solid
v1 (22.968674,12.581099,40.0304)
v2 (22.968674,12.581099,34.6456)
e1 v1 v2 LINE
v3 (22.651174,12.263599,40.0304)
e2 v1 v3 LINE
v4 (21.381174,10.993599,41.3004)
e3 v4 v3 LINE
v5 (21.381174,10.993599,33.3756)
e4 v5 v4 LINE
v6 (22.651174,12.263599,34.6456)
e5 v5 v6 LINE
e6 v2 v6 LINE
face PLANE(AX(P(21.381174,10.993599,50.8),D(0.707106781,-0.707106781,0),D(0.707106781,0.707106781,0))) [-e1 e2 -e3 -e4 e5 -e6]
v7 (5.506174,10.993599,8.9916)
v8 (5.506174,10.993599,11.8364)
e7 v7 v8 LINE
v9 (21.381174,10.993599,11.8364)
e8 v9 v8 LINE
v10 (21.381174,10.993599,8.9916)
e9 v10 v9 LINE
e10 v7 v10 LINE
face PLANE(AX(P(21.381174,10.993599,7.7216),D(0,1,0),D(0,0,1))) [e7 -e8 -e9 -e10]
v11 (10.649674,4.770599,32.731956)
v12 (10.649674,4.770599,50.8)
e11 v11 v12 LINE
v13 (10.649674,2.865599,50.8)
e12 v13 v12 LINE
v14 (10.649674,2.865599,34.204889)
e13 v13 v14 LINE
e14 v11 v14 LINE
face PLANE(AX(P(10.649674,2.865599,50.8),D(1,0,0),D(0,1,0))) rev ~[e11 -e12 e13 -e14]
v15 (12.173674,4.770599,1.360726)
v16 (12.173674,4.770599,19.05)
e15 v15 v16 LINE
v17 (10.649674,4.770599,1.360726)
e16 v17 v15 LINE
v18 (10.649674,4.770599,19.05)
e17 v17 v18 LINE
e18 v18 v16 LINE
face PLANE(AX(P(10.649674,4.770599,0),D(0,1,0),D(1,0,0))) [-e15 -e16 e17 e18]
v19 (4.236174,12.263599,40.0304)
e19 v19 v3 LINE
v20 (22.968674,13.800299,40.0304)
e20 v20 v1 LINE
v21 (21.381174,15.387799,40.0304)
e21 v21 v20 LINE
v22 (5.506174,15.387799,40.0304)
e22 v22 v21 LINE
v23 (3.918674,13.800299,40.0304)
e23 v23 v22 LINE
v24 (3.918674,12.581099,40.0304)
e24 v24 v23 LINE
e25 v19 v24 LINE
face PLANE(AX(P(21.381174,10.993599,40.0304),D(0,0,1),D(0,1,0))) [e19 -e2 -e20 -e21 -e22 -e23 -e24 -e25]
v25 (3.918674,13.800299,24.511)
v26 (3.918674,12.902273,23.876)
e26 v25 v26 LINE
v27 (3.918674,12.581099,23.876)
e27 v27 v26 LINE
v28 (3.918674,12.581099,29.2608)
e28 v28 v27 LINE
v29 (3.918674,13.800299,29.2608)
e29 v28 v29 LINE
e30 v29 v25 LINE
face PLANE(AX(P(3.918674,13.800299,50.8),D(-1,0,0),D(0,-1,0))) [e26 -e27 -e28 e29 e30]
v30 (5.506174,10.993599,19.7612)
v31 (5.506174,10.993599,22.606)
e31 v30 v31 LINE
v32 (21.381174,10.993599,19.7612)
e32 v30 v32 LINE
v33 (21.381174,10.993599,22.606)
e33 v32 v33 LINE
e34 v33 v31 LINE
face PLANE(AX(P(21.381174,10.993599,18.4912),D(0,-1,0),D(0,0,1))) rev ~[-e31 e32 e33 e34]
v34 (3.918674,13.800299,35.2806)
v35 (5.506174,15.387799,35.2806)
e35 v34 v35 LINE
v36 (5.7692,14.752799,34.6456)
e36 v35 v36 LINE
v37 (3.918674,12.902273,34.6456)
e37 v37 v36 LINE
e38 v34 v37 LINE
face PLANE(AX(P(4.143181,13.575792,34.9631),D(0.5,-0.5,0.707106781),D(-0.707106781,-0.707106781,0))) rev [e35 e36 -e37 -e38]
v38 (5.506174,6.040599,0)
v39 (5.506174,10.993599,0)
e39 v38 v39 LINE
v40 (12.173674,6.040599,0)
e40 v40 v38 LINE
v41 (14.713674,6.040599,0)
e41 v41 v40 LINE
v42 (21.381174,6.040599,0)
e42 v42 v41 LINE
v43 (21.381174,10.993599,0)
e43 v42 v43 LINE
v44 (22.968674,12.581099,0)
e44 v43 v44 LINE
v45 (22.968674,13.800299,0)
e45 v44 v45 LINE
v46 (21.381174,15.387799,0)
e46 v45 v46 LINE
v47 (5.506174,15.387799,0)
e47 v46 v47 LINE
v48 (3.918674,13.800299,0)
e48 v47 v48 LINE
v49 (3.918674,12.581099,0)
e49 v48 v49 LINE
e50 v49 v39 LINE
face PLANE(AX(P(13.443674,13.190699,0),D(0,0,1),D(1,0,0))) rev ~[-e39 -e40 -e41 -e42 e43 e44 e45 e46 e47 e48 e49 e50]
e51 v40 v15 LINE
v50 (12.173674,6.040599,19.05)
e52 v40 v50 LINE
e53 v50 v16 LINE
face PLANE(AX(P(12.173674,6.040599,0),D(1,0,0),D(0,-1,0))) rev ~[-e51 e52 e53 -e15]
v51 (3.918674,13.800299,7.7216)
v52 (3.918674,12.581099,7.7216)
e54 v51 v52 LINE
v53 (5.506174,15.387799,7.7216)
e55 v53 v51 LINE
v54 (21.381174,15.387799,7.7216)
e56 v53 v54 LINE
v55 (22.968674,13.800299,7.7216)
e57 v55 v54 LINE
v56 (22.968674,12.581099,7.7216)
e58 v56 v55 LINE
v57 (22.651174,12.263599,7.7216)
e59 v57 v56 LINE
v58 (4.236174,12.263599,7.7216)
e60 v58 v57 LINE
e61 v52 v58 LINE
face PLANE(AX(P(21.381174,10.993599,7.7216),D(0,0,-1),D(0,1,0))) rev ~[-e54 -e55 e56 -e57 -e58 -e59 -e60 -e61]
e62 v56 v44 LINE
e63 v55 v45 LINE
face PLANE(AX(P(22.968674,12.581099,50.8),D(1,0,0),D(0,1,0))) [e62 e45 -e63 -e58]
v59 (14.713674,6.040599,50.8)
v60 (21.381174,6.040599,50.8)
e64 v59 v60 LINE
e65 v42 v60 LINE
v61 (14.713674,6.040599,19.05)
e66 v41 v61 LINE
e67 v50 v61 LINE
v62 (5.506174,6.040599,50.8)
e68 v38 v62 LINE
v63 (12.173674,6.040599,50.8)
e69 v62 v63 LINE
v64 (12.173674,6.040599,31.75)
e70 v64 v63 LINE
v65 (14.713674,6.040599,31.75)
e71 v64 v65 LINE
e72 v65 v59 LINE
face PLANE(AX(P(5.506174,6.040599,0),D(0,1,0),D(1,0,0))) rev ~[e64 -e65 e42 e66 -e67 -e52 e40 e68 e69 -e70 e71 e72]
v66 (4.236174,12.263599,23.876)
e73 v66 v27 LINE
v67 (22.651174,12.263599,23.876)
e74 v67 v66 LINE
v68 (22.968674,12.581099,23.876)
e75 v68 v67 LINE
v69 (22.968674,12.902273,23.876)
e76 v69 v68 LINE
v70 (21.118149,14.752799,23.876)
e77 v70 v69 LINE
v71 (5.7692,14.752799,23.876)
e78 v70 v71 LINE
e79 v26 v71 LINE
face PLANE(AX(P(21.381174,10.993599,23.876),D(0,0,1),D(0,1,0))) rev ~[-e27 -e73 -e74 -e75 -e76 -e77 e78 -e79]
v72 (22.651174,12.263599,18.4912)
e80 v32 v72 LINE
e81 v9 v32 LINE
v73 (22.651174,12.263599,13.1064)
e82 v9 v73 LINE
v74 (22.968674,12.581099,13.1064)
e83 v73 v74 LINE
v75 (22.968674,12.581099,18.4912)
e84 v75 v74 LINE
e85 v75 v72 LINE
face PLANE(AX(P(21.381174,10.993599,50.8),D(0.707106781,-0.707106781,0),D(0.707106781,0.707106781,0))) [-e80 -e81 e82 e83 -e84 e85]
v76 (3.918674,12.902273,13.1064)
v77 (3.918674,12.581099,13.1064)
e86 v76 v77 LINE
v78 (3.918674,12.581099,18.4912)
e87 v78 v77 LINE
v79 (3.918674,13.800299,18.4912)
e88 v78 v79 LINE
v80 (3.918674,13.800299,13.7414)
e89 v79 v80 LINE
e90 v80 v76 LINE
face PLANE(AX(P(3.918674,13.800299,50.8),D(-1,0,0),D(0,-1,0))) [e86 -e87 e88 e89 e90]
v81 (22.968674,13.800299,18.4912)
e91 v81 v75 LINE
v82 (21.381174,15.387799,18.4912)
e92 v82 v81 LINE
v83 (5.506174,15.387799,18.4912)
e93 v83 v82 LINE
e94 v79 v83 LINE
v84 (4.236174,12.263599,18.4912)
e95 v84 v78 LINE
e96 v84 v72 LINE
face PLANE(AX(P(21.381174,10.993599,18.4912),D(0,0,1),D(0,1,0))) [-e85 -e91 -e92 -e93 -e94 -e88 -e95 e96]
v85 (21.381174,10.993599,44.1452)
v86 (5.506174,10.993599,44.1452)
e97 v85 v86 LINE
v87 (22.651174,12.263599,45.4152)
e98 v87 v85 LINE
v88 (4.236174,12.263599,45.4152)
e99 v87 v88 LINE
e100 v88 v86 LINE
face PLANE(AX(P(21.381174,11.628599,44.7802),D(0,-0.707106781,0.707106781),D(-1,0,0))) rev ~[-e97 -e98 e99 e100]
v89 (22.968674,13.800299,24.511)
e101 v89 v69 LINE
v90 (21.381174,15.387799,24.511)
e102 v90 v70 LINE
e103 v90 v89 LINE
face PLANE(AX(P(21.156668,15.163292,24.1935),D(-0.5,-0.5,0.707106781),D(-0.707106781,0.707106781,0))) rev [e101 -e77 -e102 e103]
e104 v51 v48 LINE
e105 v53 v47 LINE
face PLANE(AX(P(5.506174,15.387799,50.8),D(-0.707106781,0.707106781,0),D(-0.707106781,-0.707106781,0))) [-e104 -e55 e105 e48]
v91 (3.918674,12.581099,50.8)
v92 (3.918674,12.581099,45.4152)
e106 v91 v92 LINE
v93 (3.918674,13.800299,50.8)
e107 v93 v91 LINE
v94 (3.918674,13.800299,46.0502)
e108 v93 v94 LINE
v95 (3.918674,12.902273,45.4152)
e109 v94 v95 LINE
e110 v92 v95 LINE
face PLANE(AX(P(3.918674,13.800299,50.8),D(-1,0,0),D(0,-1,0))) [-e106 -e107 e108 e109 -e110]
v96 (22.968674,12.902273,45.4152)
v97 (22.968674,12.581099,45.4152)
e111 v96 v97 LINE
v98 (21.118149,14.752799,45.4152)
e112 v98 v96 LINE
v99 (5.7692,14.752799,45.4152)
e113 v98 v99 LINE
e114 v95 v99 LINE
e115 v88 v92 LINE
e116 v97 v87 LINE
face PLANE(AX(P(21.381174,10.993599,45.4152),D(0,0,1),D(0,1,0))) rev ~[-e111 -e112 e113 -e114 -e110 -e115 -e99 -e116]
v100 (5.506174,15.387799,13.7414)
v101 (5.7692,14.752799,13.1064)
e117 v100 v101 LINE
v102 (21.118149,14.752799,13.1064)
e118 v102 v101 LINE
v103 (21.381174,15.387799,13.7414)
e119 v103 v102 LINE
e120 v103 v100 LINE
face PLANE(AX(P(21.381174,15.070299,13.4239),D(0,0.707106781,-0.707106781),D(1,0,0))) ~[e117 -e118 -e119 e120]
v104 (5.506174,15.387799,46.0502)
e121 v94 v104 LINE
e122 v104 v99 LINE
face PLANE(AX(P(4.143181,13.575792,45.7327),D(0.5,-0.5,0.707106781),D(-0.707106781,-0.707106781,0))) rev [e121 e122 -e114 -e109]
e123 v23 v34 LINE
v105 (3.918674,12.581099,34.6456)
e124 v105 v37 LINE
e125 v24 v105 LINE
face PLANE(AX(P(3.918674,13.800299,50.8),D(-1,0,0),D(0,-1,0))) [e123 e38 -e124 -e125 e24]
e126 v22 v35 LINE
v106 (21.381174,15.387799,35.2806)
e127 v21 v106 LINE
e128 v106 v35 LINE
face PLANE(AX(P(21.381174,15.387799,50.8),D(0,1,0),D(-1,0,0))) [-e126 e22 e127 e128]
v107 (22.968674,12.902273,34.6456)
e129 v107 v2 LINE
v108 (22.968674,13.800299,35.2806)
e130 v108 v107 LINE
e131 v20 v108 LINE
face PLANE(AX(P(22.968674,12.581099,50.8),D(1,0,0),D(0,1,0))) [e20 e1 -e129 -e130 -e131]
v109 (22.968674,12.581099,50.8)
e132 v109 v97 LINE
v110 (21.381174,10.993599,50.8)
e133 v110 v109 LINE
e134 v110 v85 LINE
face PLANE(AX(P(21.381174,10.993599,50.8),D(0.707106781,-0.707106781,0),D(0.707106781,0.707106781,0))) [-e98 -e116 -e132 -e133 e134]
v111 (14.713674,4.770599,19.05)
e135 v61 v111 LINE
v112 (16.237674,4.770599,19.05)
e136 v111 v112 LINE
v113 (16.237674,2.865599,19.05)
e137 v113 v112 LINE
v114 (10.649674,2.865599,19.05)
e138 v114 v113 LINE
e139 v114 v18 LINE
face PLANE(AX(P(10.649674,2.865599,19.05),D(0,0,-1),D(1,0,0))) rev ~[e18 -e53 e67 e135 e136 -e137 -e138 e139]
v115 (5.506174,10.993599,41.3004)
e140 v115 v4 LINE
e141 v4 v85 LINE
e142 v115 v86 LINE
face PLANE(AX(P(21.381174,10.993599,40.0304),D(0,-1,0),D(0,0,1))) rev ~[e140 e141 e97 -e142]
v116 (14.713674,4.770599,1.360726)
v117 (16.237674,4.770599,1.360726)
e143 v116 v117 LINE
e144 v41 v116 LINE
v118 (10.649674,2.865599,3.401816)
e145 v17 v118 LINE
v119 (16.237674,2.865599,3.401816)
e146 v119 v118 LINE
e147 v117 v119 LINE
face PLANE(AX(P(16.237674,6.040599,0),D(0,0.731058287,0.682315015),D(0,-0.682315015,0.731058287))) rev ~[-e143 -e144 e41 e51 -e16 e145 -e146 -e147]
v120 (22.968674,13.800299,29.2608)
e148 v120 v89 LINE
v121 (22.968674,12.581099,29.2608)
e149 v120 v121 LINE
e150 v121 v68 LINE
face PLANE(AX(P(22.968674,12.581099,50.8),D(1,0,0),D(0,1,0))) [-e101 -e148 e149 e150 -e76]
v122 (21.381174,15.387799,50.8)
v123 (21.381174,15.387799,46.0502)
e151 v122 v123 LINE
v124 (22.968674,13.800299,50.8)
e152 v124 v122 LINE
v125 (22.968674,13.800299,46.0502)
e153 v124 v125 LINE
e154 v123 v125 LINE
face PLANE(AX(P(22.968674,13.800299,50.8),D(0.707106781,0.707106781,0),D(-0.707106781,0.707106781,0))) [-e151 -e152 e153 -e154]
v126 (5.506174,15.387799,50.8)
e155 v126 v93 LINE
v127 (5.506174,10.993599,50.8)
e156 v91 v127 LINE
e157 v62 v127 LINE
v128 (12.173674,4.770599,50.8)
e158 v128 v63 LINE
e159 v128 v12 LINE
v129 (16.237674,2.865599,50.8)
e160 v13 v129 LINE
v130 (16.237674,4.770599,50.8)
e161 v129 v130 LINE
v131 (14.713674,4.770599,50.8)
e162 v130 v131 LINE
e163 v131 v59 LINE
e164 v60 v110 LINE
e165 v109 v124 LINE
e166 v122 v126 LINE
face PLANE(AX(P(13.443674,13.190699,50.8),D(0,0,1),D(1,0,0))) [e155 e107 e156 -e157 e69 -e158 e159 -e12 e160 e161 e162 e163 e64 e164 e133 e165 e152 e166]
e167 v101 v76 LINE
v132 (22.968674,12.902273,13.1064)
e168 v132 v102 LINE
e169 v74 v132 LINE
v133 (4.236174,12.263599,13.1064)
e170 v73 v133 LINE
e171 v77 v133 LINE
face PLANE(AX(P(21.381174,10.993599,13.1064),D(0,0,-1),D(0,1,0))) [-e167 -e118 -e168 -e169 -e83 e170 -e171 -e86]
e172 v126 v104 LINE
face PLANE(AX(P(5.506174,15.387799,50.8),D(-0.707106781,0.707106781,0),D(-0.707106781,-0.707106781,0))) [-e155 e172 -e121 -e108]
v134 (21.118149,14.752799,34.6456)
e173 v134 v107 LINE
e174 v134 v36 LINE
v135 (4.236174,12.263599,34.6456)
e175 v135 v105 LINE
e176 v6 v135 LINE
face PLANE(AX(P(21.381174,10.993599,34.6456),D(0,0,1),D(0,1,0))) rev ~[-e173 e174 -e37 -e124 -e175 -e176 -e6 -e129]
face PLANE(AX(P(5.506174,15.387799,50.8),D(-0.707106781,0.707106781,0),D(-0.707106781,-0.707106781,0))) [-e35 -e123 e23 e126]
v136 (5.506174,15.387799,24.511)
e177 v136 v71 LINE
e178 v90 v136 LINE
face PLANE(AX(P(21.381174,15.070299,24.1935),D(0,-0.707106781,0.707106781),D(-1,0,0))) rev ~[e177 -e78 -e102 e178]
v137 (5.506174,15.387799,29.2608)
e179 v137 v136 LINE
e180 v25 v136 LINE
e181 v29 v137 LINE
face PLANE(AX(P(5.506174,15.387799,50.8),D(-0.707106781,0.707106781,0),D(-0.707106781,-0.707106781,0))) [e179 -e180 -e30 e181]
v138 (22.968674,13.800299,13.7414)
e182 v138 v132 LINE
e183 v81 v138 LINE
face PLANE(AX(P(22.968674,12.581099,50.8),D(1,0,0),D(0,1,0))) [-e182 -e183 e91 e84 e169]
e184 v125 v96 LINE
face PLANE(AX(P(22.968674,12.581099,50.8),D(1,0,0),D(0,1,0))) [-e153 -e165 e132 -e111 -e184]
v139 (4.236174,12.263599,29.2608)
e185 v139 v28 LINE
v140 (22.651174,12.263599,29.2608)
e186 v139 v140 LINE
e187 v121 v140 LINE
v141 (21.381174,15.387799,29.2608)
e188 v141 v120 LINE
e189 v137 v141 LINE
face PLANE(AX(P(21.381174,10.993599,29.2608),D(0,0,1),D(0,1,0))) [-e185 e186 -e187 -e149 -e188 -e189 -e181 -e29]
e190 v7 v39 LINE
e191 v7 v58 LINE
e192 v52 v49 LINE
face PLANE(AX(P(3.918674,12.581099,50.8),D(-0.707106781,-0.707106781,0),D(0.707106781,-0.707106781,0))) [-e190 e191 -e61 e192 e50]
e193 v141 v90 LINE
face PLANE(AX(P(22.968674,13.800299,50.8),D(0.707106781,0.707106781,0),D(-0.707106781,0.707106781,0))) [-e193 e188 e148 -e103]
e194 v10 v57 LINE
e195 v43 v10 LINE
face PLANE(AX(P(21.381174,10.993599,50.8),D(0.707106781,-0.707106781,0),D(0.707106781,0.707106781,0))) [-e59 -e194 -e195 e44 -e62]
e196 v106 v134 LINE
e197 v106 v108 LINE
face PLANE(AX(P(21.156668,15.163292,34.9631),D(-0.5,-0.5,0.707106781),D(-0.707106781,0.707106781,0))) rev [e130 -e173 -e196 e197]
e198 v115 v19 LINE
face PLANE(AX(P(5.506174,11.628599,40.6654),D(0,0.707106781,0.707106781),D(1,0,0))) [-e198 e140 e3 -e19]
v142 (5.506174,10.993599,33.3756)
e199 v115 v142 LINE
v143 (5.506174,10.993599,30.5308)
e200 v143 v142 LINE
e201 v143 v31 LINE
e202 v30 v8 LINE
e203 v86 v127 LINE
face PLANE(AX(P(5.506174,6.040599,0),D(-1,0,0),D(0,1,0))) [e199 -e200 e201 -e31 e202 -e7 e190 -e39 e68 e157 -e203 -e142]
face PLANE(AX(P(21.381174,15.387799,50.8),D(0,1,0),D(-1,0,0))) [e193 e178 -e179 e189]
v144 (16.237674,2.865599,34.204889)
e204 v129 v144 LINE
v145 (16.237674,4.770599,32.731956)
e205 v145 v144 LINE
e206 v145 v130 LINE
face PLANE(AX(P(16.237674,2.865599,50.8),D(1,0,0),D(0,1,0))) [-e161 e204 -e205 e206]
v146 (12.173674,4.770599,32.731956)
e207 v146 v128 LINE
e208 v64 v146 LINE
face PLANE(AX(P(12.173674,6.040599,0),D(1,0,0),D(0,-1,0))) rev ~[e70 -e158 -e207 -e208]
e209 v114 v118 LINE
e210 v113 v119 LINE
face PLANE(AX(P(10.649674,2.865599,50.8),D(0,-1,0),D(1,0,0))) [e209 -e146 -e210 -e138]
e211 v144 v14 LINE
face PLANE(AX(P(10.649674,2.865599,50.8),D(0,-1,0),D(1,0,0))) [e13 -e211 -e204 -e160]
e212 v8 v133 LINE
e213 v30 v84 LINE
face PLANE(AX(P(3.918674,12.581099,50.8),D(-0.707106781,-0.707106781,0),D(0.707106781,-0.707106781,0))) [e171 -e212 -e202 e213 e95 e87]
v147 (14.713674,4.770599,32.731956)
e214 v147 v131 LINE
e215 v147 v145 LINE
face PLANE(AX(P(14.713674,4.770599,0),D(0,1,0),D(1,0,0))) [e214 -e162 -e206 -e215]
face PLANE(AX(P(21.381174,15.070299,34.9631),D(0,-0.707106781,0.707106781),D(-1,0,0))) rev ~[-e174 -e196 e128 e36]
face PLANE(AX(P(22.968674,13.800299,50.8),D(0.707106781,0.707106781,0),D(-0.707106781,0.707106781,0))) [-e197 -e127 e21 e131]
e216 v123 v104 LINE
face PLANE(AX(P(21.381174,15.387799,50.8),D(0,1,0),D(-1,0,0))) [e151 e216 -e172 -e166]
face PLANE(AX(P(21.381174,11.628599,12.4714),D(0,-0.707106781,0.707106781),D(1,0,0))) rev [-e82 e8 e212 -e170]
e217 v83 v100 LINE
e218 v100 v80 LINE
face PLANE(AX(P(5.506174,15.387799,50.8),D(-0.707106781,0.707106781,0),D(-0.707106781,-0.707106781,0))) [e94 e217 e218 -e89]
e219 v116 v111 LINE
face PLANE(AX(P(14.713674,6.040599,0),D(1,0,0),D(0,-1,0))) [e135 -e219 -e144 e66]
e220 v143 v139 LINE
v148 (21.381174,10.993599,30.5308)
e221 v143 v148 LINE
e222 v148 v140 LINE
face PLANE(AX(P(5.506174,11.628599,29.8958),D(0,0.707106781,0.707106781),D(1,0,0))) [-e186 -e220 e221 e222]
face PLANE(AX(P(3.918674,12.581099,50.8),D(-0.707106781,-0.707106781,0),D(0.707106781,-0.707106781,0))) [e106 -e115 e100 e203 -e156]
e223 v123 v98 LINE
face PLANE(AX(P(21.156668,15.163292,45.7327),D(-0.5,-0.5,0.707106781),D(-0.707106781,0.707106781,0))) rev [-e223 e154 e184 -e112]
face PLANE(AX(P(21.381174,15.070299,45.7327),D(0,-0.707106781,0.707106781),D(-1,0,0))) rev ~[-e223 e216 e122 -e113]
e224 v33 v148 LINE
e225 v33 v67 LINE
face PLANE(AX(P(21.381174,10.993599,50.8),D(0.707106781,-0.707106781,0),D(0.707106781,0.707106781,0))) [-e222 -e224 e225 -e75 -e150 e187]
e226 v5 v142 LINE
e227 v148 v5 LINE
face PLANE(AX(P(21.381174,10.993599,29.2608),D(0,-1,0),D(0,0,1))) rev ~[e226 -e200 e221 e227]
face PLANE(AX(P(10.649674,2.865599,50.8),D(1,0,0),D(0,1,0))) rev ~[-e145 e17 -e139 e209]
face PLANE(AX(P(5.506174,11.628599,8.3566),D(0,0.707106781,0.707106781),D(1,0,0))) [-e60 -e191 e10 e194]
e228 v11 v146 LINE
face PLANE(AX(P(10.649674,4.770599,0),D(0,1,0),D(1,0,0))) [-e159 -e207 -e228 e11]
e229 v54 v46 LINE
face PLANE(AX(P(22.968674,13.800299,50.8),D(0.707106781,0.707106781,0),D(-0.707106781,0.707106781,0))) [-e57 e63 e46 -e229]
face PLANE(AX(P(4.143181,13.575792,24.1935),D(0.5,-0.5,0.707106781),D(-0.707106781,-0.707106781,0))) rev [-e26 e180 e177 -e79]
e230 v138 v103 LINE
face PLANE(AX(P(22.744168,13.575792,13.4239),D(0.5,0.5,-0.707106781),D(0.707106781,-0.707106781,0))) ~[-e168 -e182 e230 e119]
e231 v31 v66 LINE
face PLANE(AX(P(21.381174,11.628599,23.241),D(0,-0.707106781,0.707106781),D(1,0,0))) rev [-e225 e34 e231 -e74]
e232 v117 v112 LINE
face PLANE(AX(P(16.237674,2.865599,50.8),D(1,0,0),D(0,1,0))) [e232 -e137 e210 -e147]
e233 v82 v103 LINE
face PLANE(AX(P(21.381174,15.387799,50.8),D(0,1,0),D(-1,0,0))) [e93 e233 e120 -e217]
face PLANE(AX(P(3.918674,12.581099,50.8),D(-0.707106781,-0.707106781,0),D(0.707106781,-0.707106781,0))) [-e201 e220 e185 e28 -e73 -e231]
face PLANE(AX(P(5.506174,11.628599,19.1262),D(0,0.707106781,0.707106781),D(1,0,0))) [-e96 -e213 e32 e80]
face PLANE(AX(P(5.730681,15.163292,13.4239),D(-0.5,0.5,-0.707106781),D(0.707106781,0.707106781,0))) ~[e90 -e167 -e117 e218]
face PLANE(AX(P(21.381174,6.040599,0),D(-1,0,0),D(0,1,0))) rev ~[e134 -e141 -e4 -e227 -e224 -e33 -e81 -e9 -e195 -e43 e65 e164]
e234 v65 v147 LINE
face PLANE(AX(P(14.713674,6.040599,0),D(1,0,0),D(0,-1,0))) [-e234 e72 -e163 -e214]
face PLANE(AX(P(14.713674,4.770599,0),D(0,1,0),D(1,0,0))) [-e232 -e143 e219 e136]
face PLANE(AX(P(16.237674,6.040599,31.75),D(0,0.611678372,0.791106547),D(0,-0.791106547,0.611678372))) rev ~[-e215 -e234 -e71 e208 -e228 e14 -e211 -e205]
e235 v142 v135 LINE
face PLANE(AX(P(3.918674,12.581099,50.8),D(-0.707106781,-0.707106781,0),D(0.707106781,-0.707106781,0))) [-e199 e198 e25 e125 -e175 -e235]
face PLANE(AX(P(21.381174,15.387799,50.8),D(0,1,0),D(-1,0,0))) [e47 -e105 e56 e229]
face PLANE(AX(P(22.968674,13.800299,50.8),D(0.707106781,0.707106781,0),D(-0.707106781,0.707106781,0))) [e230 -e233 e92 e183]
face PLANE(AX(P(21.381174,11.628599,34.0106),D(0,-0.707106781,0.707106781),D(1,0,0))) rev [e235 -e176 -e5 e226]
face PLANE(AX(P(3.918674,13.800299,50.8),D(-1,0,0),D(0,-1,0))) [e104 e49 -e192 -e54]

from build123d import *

# Parameters (mm, degrees)
F0_W      = 15.875
F0_H      = 4.953
F1_DEPTH  = 50.8
F3_DEPTH  = 50.8
F4_W      = 5.588
F4_H      = 3.175
F5_DEPTH  = 50.8
F6_W      = 5.588
F6_H      = 12.7
F7_DEPTH  = 3.175
F8_W      = 1.524
F8_H      = 1.27
F9_DEPTH  = 50.801
F11_DEPTH = 5.588
F12_W     = 4.3942
F12_H     = 5.3848
F13_DEPTH = 25.4
F14_SIZE  = 1.27
F15_SIZE  = 0.635


with BuildPart() as f1:
    # F0 (on Top) → F1 (new body)
    with BuildSketch(Plane.XY):
        with Locations((13.4436743471, 8.5170986131)):
            Rectangle(F0_W, F0_H)
    extrude(amount=F1_DEPTH)

    # F2 (on face) → F3 (join)
    with BuildSketch(Plane.XY.offset(50.8)):
        Polygon((3.9186743471, 12.5810986131), (5.5061743471, 10.9935986131), (21.3811743471, 10.9935986131), (22.9686743471, 12.5810986131), (22.9686743471, 13.8002986131), (21.3811743471, 15.3877986131), (5.5061743471, 15.3877986131), (3.9186743471, 13.8002986131), align=None)
    extrude(amount=-F3_DEPTH)

    # F4 (on face) → F5 (join, through all)
    with BuildSketch(Plane.XY.offset(50.8)):
        with Locations((13.4436743471, 4.4530986131)):
            Rectangle(F4_W, F4_H)
    extrude(amount=-F5_DEPTH)

    # F6 (on face) → F7 (cut, through all)
    with BuildSketch(Plane.XZ.offset(-2.8655986131)):
        with Locations((13.4436743471, 25.4)):
            Rectangle(F6_W, F6_H)
    extrude(amount=-F7_DEPTH, mode=Mode.SUBTRACT)

    # F8 (on face) → F9 (cut, through all)
    with BuildSketch(Plane(origin=(0, 0, 0), x_dir=(1, 0, 0), z_dir=(0, 0, -1))):
        with Locations((15.4756743471, -5.4055986131)):
            Rectangle(F8_W, F8_H)
        with Locations((11.4116743471, -5.4055986131)):
            Rectangle(F8_W, F8_H)
    extrude(amount=-F9_DEPTH, mode=Mode.SUBTRACT)

    # F10 (on face) → F11 (cut, through all)
    with BuildSketch(Plane.YZ.offset(16.2376743471)):
        Polygon((6.0405986131, 0), (2.8655986131, 3.4018158913), (2.8655986131, 0), align=None)
        Polygon((6.0405986131, 31.75), (2.8655986131, 34.2048890889), (2.8655986131, 31.75), align=None)
    extrude(amount=-F11_DEPTH, mode=Mode.SUBTRACT)

    # F12 (on face) → F13 (cut, symmetric)
    with BuildSketch(Plane.YZ.offset(21.3811743471)):
        with Locations((13.1906986131, 42.7228)):
            Rectangle(F12_W, F12_H)
        with Locations((13.1906986131, 31.9532)):
            Rectangle(F12_W, F12_H)
        with Locations((13.1906986131, 21.1836)):
            Rectangle(F12_W, F12_H)
        with Locations((13.1906986131, 10.414)):
            Rectangle(F12_W, F12_H)
    extrude(amount=F13_DEPTH, both=True, mode=Mode.SUBTRACT)

    # F14
    f14_edges = [f1.edges().sort_by_distance(p)[0] for p in [
        (13.443674, 10.993599, 7.7216),
        (13.443674, 10.993599, 13.1064),
        (13.443674, 10.993599, 18.4912),
        (13.443674, 10.993599, 23.876),
        (13.443674, 10.993599, 29.2608),
        (13.443674, 10.993599, 34.6456),
        (13.443674, 10.993599, 40.0304),
        (13.443674, 10.993599, 45.4152),
    ]]
    chamfer(f14_edges, length=F14_SIZE)

    # F15
    f15_edges = [f1.edges().sort_by_distance(p)[0] for p in [
        (13.443674, 15.387799, 34.6456),
        (13.443674, 15.387799, 23.876),
        (13.443674, 15.387799, 13.1064),
        (13.443674, 15.387799, 45.4152),
        (22.174924, 14.594049, 45.4152),
        (22.174924, 14.594049, 34.6456),
        (22.174924, 14.594049, 23.876),
        (22.174924, 14.594049, 13.1064),
        (4.712424, 14.594049, 13.1064),
        (4.712424, 14.594049, 23.876),
        (4.712424, 14.594049, 34.6456),
        (4.712424, 14.594049, 45.4152),
    ]]
    chamfer(f15_edges, length=F15_SIZE)


solid = f1.part
